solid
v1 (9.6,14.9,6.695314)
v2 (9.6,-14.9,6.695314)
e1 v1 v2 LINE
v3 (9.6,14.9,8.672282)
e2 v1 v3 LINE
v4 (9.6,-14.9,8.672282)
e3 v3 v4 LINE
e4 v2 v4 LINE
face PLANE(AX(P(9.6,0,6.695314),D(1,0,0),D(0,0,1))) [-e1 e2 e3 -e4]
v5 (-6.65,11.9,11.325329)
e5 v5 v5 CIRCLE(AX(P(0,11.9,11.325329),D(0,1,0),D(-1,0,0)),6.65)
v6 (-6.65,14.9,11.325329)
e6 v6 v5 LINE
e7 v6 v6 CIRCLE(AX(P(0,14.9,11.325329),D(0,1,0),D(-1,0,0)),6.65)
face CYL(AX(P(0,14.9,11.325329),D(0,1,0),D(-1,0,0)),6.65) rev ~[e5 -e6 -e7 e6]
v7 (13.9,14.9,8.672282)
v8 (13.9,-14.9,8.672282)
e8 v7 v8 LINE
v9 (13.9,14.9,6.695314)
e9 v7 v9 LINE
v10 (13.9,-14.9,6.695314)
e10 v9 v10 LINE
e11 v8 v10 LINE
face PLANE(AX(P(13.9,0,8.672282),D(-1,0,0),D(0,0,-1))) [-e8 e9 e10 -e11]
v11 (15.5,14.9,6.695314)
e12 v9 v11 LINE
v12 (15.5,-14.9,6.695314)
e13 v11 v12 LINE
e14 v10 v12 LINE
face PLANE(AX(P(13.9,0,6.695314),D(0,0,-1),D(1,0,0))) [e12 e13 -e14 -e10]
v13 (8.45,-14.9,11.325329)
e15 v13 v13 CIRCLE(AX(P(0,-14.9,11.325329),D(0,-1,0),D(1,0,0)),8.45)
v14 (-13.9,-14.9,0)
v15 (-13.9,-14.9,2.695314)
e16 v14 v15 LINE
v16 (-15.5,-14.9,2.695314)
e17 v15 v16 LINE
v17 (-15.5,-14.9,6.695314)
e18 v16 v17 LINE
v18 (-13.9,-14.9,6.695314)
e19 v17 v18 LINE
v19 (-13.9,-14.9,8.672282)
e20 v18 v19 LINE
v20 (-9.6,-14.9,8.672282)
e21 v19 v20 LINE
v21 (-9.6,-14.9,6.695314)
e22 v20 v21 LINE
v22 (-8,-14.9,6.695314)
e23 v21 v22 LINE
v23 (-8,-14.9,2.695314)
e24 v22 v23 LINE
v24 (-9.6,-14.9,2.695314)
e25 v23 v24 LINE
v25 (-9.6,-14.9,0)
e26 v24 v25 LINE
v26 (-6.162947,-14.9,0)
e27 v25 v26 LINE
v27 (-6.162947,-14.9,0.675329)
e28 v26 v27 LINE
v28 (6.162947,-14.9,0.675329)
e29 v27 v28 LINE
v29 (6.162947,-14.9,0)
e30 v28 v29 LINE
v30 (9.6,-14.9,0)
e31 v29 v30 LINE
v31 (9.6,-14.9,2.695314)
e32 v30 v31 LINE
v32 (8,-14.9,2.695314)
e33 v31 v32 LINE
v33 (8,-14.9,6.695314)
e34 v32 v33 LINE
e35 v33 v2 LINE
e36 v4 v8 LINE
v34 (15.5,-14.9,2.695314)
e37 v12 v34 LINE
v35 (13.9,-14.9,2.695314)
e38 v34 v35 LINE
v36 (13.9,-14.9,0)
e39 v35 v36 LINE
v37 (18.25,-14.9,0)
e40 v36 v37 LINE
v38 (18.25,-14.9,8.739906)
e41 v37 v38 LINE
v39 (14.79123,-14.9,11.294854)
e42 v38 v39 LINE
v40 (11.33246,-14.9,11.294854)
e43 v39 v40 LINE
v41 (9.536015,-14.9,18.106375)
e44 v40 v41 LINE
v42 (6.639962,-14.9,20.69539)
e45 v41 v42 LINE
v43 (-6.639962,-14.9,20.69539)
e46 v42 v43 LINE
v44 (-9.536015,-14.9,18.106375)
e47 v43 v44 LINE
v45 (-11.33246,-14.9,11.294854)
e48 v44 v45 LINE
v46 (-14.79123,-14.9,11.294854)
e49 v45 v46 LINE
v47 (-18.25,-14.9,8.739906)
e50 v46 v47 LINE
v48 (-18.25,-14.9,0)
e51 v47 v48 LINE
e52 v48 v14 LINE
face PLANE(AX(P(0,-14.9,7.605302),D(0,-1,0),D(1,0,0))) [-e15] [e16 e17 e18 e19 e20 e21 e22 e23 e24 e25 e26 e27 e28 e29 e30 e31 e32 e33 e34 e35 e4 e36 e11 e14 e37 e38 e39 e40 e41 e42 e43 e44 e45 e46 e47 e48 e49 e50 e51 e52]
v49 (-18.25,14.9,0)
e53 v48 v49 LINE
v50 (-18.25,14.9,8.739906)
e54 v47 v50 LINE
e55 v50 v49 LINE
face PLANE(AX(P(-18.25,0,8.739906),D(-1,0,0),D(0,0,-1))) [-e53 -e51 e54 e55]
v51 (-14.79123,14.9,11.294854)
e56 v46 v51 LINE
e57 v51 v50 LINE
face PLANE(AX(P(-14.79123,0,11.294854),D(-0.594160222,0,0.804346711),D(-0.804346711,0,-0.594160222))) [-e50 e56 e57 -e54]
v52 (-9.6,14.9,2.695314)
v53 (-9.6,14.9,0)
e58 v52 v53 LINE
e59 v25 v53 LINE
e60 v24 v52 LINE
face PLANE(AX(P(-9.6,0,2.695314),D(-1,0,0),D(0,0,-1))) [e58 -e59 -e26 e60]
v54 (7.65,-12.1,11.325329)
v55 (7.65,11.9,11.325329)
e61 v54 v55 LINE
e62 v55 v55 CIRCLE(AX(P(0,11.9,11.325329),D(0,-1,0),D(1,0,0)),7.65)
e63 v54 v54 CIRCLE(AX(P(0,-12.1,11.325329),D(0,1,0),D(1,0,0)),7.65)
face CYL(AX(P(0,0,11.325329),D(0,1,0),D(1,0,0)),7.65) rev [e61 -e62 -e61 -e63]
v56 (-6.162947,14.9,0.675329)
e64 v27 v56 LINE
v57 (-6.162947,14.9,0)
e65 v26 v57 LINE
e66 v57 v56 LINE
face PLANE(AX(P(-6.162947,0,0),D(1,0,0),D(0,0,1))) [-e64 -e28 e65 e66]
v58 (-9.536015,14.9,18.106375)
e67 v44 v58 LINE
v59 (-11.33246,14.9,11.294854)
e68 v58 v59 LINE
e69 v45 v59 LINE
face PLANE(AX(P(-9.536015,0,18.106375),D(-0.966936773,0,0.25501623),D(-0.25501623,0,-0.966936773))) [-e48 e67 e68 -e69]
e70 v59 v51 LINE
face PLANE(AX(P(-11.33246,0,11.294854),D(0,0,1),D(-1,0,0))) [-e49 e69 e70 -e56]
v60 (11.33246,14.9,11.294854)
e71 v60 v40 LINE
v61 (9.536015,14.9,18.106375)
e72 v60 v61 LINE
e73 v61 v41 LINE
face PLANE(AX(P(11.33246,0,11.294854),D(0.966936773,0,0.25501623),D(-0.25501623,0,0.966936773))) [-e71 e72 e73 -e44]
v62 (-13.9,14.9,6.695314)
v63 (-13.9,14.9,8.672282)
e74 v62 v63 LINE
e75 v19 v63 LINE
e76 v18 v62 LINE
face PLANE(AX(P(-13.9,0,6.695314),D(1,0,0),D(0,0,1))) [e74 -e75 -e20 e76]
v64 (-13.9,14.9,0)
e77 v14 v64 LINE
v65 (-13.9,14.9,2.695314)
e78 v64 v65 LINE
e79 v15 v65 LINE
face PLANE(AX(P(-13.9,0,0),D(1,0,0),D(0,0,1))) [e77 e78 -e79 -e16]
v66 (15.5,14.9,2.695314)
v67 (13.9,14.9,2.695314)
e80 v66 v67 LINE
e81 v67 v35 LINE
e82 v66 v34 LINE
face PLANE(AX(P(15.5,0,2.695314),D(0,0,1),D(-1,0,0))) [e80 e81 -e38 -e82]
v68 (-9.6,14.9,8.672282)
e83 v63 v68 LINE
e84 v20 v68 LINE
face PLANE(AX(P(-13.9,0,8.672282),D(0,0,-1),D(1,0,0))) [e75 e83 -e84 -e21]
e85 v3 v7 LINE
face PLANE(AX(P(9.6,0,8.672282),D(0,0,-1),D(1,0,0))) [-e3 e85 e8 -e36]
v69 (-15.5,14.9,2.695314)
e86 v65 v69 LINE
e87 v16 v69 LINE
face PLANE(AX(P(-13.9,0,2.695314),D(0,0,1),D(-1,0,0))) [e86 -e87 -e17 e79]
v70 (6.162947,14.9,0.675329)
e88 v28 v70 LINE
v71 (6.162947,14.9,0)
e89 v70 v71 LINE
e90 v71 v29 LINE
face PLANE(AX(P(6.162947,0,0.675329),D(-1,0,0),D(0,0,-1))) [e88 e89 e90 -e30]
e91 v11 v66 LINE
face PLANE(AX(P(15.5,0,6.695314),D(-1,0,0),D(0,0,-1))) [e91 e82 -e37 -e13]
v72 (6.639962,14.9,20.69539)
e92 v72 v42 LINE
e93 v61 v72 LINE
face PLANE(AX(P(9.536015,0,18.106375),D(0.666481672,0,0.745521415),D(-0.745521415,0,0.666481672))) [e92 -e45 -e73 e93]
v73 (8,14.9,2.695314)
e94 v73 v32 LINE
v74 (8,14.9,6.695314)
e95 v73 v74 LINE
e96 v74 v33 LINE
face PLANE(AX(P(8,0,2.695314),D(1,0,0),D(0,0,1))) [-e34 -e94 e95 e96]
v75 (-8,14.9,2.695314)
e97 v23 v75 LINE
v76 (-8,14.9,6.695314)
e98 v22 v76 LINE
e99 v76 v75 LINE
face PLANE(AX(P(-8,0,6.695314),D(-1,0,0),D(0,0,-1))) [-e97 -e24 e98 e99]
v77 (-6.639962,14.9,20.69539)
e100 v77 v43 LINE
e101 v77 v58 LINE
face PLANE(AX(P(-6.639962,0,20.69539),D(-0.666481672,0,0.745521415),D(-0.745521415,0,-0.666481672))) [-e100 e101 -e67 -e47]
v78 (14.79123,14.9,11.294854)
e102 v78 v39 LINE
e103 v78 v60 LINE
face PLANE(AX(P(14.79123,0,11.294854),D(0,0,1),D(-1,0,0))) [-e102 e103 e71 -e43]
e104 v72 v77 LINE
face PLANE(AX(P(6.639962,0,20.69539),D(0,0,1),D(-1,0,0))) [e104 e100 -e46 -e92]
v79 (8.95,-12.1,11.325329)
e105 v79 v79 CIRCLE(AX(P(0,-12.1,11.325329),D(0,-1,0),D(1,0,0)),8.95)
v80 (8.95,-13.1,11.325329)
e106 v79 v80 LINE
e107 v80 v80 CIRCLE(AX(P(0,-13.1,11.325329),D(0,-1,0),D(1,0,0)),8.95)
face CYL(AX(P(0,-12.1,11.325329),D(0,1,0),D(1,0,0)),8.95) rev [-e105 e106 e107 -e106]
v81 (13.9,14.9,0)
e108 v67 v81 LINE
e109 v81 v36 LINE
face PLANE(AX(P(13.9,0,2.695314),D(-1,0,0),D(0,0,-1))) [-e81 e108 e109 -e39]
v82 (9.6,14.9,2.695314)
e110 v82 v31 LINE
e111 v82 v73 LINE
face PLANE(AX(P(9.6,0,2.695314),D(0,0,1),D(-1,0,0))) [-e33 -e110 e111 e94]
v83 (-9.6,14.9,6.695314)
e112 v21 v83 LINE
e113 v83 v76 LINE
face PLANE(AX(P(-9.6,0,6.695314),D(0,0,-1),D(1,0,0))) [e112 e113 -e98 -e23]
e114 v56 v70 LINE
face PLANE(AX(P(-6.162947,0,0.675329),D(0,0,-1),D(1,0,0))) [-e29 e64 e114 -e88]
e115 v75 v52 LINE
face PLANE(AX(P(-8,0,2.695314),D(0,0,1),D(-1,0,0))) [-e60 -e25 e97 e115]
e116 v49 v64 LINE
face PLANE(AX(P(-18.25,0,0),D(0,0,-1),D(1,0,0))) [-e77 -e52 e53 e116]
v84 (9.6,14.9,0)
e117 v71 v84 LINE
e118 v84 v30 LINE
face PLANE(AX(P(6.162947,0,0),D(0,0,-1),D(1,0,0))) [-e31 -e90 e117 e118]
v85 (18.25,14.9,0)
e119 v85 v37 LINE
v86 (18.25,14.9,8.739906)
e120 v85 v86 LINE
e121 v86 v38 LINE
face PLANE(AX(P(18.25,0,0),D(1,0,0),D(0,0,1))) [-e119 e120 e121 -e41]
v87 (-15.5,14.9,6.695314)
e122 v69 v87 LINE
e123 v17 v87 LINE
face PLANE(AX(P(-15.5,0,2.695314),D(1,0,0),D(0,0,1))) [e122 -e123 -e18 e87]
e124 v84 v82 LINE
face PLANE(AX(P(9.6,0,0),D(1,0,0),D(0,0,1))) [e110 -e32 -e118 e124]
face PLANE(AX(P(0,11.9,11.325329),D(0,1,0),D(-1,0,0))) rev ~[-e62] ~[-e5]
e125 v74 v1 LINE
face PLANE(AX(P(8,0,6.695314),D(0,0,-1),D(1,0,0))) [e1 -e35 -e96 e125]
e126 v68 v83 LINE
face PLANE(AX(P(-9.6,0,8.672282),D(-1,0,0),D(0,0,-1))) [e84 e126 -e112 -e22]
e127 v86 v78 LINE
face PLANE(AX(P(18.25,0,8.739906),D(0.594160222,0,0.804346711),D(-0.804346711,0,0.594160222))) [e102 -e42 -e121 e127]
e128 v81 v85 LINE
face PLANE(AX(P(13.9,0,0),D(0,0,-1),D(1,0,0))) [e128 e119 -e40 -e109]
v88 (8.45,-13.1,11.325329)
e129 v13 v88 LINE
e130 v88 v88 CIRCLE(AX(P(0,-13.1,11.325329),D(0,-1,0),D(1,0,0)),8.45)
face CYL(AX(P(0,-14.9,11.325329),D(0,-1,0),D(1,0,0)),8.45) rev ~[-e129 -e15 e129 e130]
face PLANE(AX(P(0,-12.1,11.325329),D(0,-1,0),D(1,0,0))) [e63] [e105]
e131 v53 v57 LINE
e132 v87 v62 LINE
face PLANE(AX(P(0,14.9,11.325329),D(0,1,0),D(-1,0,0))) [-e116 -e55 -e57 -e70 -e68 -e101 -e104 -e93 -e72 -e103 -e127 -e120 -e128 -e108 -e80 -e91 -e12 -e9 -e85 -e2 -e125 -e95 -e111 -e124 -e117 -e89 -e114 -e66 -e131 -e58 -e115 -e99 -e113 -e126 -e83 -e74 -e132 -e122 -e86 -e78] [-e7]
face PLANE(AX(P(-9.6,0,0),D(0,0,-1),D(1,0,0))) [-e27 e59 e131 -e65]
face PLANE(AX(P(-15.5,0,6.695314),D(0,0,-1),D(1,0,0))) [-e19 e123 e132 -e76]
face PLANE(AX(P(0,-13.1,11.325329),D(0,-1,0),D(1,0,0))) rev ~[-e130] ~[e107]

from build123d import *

# Parameters (mm, degrees)
F0_R     = 7.65
F1_DEPTH = 14.9
F3_R     = 8.95
F4_DEPTH = 1
F5_R     = 7.65
F5_R_2   = 6.65
F6_DEPTH = 3
F7_R     = 8.45
F8_DEPTH = 2.8


with BuildPart() as f1:
    # F0 (on Front) → F1 (new body, symmetric)
    with BuildSketch(Plane.XZ):
        Polygon((6.1629465781, 0.6753290654), (6.1629465781, 0), (9.6, 0), (9.6, 2.6953140035), (8, 2.6953140035), (8, 6.6953140035), (9.6, 6.6953140035), (9.6, 8.6722822437), (13.9, 8.6722822437), (13.9, 6.6953140035), (15.5, 6.6953140035), (15.5, 2.6953140035), (13.9, 2.6953140035), (13.9, 0), (18.25, 0), (18.25, 8.7399063632), (14.7912298739, 11.2948538736), (11.3324597478, 11.2948538736), (9.5360150372, 18.1063750603), (6.6399620846, 20.6953901798), (0, 20.6953901798), (-6.6399620846, 20.6953901798), (-9.5360150372, 18.1063750603), (-11.3324597478, 11.2948538736), (-14.7912298739, 11.2948538736), (-18.25, 8.7399063632), (-18.25, 0), (-13.9, 0), (-13.9, 2.6953140035), (-15.5, 2.6953140035), (-15.5, 6.6953140035), (-13.9, 6.6953140035), (-13.9, 8.6722822437), (-9.6, 8.6722822437), (-9.6, 6.6953140035), (-8, 6.6953140035), (-8, 2.6953140035), (-9.6, 2.6953140035), (-9.6, 0), (-6.1629465781, 0), (-6.1629465781, 0.6753290654), (0, 0.6753290654), align=None)
        with Locations((0, 11.3253290654)):
            Circle(F0_R, mode=Mode.SUBTRACT)
    extrude(amount=F1_DEPTH, both=True)

    # F3 (on offset) → F4 (cut)
    with BuildSketch(Plane.XZ.offset(12.1)):
        with Locations((0, 11.3253290654)):
            Circle(F3_R)
    extrude(amount=F4_DEPTH, mode=Mode.SUBTRACT)

    # F5 (on face) → F6 (join)
    with BuildSketch(Plane(origin=(0, 14.9, 0), x_dir=(-1, 0, 0), z_dir=(0, 1, 0))):
        with Locations((0, 11.3253290654)):
            Circle(F5_R)
        with Locations((0, 11.3253290654)):
            Circle(F5_R_2, mode=Mode.SUBTRACT)
    extrude(amount=-F6_DEPTH)

    # F7 (on face) → F8 (cut, through all)
    with BuildSketch(Plane.XZ.offset(14.9)):
        with Locations((0, 11.3253290654)):
            Circle(F7_R)
    extrude(amount=-F8_DEPTH, mode=Mode.SUBTRACT)


solid = f1.part
